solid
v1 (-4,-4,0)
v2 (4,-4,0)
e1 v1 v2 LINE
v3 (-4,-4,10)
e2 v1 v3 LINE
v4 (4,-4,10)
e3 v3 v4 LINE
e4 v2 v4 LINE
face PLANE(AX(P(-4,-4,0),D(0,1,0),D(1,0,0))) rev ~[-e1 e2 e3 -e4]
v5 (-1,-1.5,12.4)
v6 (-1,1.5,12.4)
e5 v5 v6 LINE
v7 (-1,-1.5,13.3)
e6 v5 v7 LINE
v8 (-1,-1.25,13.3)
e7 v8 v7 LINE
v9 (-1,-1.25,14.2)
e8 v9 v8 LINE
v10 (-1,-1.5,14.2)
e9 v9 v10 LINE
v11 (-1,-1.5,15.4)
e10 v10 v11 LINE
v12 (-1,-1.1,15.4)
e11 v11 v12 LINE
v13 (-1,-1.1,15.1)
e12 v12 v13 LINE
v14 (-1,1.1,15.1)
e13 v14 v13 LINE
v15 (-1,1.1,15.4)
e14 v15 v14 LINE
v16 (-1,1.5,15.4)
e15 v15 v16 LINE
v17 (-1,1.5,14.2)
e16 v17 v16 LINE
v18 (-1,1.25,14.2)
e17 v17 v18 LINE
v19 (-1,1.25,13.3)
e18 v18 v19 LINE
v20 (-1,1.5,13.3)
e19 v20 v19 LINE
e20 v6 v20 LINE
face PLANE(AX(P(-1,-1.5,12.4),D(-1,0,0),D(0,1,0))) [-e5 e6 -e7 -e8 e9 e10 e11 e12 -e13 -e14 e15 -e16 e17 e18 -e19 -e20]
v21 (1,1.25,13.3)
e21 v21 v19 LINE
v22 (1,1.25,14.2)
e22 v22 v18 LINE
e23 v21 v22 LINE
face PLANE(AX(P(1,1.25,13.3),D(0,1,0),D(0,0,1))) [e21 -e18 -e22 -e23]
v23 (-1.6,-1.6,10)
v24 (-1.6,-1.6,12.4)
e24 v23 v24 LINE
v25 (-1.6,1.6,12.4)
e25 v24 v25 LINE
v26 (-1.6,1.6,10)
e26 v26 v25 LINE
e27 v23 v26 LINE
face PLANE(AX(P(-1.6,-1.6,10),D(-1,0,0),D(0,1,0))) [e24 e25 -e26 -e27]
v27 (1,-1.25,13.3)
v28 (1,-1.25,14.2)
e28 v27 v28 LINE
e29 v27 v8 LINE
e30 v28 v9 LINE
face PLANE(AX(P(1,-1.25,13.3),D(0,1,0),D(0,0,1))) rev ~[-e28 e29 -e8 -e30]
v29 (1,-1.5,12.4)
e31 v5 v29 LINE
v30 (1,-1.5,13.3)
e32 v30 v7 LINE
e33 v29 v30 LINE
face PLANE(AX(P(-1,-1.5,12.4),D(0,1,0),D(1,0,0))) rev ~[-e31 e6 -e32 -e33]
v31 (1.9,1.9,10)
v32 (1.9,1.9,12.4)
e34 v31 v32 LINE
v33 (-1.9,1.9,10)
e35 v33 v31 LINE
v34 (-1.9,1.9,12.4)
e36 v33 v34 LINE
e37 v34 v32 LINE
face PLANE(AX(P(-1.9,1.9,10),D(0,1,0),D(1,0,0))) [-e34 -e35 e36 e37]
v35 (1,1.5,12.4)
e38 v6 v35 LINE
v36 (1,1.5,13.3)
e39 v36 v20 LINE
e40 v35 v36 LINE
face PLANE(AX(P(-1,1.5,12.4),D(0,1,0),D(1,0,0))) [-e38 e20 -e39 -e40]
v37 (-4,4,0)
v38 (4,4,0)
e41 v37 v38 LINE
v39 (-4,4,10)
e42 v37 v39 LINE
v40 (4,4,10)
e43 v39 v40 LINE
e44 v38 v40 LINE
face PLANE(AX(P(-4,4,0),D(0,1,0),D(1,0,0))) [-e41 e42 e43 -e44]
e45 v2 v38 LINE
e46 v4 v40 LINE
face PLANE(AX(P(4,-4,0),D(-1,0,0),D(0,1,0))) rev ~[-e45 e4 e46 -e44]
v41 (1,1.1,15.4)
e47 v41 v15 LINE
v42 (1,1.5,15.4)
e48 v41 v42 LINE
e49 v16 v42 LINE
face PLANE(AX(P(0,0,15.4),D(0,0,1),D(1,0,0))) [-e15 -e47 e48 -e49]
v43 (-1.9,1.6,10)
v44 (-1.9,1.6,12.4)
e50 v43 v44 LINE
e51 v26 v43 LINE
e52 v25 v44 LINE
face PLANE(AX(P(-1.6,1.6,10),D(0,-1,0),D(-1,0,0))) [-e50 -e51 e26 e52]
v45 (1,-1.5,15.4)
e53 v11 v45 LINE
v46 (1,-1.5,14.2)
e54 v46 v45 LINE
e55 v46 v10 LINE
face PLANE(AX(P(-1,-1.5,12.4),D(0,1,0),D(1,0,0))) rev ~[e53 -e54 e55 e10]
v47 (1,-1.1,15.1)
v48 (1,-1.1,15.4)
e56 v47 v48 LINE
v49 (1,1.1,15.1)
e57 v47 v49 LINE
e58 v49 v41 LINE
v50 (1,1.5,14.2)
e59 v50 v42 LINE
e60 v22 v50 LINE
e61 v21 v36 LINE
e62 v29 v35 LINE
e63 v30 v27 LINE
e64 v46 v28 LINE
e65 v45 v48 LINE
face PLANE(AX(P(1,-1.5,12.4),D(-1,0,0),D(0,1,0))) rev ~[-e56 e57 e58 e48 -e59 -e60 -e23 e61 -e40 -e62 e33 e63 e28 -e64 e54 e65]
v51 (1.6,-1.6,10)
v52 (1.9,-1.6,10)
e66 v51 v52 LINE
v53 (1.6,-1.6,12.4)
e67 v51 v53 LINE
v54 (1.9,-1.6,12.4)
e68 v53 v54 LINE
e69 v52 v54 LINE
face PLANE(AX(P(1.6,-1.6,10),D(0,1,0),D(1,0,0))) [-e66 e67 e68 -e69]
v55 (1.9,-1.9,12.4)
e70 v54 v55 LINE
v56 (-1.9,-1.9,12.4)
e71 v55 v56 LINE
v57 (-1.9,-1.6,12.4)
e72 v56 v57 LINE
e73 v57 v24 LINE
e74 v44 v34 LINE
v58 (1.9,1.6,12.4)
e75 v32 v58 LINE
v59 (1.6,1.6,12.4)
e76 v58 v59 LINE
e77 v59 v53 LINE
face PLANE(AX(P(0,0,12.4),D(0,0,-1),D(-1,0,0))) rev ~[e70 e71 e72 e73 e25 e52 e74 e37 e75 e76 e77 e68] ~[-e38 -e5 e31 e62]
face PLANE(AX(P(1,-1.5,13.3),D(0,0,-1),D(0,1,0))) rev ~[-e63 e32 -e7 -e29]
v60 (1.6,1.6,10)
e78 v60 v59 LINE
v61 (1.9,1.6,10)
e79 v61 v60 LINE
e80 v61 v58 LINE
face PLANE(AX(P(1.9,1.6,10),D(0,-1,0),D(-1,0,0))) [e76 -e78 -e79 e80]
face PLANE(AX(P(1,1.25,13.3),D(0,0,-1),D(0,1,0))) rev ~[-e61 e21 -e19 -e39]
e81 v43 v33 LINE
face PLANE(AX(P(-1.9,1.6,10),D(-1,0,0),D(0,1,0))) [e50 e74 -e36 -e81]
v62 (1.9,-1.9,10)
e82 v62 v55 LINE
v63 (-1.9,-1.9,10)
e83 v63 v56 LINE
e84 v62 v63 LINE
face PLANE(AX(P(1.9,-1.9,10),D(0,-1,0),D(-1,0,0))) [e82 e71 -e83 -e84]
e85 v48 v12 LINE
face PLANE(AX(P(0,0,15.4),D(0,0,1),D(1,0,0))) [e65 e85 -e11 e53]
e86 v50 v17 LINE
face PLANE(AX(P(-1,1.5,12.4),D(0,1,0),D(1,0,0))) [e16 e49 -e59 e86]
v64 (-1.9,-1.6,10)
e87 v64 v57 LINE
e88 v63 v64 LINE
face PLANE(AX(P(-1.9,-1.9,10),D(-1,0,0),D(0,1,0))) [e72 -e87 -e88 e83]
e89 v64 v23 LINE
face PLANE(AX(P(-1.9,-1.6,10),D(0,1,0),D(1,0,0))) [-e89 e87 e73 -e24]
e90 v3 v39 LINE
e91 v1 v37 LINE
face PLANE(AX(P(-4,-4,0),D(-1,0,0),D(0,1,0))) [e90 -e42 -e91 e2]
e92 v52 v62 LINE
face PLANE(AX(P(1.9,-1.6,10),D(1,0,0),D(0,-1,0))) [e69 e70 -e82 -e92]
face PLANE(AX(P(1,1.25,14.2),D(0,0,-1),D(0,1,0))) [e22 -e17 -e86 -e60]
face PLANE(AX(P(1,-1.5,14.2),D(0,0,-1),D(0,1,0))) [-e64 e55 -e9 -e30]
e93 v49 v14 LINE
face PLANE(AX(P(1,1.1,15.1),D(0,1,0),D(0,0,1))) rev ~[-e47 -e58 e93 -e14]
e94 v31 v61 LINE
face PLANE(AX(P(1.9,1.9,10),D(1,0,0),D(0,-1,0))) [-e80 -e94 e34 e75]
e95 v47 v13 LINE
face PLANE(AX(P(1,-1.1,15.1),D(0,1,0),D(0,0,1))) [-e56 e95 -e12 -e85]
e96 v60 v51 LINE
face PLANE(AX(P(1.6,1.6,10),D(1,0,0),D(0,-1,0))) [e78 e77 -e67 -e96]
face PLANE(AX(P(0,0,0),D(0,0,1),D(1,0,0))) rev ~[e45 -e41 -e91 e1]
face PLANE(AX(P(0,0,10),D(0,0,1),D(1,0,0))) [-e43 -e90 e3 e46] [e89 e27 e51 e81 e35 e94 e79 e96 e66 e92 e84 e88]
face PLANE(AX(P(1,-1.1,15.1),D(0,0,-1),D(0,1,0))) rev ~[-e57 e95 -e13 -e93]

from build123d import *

# Parameters (mm, degrees)
SKETCH_W      = 8
SKETCH_H      = 8
PAD_DEPTH     = 10
PAD001_DEPTH  = 2.4
SKETCH002_W   = 2
SKETCH002_H   = 3
PAD002_DEPTH  = 3
SKETCH003_W   = 0.25
SKETCH003_H   = 0.9
SKETCH003_W_2 = 2.2
SKETCH003_H_2 = 0.3
POCKET_DEPTH  = 5.001


with BuildPart() as part:
    # Sketch → Pad (new body)
    with BuildSketch(Plane.XY):
        Rectangle(SKETCH_W, SKETCH_H)
    extrude(amount=PAD_DEPTH)

    # Sketch001 (on Face6 of Pad) → Pad001 (join)
    with BuildSketch(Plane.XY.offset(10)):
        Polygon((-1.9, 1.9), (1.9, 1.9), (1.9, 1.6), (1.6, 1.6), (1.6, -1.6), (1.9, -1.6), (1.9, -1.9), (-1.9, -1.9), (-1.9, -1.6), (-1.6, -1.6), (-1.6, 1.6), (-1.9, 1.6), align=None)
    extrude(amount=PAD001_DEPTH)

    # Sketch002 (on Face19 of Pad001) → Pad002 (join)
    with BuildSketch(Plane.XY.offset(12.4)):
        Rectangle(SKETCH002_W, SKETCH002_H)
    extrude(amount=PAD002_DEPTH)

    # Sketch003 (on Face22 of Pad002) → Pocket (cut, through all)
    with BuildSketch(Plane.YZ.offset(1)):
        with Locations((-1.375, 13.75)):
            Rectangle(SKETCH003_W, SKETCH003_H)
        with Locations((1.375, 13.75)):
            Rectangle(SKETCH003_W, SKETCH003_H)
        with Locations((0, 15.25)):
            Rectangle(SKETCH003_W_2, SKETCH003_H_2)
    extrude(amount=-POCKET_DEPTH, mode=Mode.SUBTRACT)


solid = part.part
